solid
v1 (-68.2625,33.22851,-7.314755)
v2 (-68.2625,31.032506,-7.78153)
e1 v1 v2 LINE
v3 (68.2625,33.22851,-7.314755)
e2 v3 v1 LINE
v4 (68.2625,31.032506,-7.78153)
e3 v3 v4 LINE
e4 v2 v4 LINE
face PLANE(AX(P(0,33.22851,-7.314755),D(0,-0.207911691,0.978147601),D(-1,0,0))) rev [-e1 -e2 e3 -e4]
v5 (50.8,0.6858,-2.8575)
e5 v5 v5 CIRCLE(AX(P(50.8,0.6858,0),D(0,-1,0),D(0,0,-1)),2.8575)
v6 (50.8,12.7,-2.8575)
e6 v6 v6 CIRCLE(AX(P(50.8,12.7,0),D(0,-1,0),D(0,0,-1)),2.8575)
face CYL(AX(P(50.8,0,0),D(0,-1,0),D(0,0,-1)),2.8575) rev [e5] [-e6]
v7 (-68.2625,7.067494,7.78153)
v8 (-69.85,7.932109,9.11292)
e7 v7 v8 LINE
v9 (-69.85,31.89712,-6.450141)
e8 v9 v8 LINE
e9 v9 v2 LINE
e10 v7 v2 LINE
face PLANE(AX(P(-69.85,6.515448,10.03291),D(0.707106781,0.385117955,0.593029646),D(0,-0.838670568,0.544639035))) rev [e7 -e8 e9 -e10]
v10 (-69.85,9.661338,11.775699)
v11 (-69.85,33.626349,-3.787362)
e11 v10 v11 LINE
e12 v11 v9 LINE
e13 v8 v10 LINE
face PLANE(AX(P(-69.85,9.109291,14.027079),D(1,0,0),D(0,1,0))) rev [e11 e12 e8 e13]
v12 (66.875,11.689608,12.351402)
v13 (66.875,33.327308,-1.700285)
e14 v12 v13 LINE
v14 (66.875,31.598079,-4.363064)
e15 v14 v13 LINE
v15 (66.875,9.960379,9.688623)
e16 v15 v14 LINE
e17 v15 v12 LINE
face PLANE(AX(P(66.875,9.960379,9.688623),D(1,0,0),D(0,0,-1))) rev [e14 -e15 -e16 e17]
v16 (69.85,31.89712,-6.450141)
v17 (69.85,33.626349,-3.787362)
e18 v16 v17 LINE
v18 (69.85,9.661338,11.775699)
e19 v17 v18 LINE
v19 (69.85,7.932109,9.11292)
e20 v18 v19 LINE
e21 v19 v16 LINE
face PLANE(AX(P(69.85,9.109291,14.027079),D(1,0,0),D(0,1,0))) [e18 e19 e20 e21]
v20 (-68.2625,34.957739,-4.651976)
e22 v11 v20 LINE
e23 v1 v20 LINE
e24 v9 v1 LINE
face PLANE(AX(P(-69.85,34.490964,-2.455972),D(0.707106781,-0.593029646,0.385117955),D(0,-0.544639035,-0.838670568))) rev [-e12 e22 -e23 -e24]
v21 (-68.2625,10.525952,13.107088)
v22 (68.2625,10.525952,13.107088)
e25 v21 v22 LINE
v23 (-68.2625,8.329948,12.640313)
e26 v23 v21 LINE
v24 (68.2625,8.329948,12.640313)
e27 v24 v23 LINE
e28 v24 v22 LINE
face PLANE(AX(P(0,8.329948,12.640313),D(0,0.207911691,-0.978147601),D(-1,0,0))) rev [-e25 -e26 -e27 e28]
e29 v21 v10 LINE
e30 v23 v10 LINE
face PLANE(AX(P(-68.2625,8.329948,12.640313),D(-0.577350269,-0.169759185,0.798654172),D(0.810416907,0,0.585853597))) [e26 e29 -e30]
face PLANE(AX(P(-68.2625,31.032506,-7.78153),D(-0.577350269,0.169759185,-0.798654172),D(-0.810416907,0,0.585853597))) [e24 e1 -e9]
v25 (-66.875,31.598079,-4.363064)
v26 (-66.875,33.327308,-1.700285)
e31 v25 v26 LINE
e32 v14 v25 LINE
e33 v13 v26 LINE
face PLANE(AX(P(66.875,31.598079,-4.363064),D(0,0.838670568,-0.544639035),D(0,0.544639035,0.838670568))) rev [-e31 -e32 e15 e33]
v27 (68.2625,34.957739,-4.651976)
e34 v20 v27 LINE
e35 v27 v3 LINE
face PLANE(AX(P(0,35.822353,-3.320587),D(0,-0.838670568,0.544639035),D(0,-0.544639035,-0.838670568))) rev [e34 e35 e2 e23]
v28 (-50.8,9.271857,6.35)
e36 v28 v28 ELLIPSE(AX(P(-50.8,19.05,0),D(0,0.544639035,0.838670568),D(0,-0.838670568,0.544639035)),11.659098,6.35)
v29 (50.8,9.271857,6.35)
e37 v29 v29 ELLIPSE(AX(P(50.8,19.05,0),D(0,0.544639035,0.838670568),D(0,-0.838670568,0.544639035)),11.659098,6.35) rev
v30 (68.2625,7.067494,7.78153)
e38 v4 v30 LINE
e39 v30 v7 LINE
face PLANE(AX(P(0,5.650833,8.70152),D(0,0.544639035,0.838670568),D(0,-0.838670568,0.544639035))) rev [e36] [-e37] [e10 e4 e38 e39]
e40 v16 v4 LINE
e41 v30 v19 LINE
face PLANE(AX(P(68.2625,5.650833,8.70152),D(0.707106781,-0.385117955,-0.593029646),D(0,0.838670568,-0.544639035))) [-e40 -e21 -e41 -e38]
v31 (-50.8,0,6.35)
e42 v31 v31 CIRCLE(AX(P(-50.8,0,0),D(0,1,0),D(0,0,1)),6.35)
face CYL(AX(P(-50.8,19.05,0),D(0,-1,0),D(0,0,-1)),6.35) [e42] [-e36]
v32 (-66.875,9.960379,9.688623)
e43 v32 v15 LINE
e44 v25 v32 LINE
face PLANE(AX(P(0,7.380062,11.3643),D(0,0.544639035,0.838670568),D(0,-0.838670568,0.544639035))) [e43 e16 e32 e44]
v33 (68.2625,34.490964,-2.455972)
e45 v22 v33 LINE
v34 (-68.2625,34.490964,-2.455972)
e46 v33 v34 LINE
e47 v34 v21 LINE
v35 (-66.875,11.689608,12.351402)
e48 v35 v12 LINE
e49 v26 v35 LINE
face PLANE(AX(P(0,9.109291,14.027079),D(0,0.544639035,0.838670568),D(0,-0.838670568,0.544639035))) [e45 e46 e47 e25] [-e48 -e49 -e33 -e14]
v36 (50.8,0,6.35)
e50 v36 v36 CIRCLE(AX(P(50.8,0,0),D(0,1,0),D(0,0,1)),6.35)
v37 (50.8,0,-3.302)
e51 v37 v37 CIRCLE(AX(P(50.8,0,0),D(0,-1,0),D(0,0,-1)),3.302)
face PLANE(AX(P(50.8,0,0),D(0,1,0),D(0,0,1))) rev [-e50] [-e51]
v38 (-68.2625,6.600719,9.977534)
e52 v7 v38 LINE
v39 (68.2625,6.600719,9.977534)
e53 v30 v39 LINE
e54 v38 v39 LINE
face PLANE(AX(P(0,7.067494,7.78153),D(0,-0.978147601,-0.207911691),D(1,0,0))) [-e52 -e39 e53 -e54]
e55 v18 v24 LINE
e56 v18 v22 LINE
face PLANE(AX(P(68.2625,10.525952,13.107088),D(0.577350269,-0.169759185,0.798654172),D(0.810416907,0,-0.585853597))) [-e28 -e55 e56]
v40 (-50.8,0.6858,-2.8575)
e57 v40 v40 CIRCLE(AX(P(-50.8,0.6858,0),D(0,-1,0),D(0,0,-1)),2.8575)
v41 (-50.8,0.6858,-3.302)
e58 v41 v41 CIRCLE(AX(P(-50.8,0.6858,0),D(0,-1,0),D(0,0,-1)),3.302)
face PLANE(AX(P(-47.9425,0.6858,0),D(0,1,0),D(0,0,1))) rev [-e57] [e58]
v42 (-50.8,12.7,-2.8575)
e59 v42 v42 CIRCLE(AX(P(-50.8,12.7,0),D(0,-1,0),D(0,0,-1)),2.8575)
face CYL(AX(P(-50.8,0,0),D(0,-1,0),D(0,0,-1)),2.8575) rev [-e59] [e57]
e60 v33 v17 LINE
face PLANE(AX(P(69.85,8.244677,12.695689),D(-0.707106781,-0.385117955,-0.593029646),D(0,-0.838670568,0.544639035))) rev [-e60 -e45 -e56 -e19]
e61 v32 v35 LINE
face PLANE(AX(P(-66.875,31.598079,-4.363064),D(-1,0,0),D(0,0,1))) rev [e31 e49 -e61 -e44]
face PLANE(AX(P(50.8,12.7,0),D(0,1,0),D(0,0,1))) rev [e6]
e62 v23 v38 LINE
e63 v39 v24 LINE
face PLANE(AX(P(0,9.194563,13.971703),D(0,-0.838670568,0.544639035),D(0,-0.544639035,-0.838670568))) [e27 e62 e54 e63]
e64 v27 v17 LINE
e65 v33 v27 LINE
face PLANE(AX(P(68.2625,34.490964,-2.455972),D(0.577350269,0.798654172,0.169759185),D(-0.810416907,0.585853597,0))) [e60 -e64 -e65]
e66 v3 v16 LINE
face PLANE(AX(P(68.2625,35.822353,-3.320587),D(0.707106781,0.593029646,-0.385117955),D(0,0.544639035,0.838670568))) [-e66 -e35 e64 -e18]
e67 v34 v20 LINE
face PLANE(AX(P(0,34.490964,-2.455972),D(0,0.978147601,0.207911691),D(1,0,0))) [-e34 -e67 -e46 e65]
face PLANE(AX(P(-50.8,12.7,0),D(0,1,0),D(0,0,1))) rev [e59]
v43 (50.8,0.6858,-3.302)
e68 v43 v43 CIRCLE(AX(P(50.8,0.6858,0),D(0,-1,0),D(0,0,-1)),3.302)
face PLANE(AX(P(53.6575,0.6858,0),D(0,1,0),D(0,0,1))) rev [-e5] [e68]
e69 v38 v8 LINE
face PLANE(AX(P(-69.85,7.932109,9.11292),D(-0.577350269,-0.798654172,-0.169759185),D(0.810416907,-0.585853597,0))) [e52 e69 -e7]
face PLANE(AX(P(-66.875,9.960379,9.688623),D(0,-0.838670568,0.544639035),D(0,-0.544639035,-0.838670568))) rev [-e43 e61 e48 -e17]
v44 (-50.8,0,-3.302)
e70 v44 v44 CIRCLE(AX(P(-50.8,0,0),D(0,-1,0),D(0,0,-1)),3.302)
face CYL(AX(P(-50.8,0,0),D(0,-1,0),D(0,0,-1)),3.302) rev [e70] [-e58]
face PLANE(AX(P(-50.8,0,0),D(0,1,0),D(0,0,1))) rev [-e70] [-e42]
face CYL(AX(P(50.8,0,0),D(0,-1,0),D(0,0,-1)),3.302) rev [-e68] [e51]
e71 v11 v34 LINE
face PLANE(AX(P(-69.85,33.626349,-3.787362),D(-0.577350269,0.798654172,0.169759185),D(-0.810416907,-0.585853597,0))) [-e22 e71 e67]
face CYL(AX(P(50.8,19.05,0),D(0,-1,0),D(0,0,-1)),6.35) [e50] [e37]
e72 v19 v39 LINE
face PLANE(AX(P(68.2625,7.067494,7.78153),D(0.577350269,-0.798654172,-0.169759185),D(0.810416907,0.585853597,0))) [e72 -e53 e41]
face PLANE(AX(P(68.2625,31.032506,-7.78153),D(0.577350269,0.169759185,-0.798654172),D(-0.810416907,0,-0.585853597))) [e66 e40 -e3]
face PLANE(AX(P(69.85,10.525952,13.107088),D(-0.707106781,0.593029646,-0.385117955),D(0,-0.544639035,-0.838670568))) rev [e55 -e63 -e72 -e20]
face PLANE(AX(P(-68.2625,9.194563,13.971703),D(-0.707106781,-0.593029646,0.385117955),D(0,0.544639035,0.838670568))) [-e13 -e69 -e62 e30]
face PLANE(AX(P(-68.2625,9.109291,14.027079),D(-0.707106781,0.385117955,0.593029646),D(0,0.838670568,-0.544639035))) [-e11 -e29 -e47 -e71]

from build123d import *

# Parameters (mm, degrees)
SKETCH2_R             = 6.35
BOSS_EXTRUDE1_DEPTH   = 19.05
BOSS_EXTRUDE1_2_DEPTH = 19.05
SKETCH3_W             = 139.7
SKETCH3_H             = 31.75
BOSS_EXTRUDE2_DEPTH   = 6.35
BOSS_EXTRUDE3_REACH   = 75.737
SKETCH9_W             = 133.75
SKETCH9_H             = 25.8
CUT_EXTRUDE1_DEPTH    = 3.175
CHAMFER2_SIZE         = 1.5875
HOLE1_D               = 5.715
HOLE1_DEPTH           = 12.7
HOLE1_CBORE_D         = 6.604
HOLE1_CBORE_DEPTH     = 0.6858


with BuildPart() as part:
    # Sketch2 → Boss-Extrude1 (new body)
    with BuildSketch(Plane(origin=(0, 0, 0), x_dir=(1, 0, 0), z_dir=(0, 1, 0))):
        with Locations((-50.8, 0)):
            Circle(SKETCH2_R)
    extrude(amount=BOSS_EXTRUDE1_DEPTH)



with BuildPart() as body_2:
    # Sketch2 → Boss-Extrude1 2 (new body)
    with BuildSketch(Plane(origin=(0, 0, 0), x_dir=(1, 0, 0), z_dir=(0, 1, 0))):
        with Locations((50.8, 0)):
            Circle(SKETCH2_R)
    extrude(amount=BOSS_EXTRUDE1_2_DEPTH)


with BuildPart() as part_1:
    add(part.part)

    add(body_2.part)  # Boss-Extrude2 merges body 2
    # Sketch3 → Boss-Extrude2 (add)
    with BuildSketch(Plane(origin=(0, 5.650833475, 8.701520484), x_dir=(-1, 0, 0), z_dir=(0, 0.5446390350150281, 0.8386705679454234))):
        with Locations((0, -15.976674319)):
            Rectangle(SKETCH3_W, SKETCH3_H)
    extrude(amount=BOSS_EXTRUDE2_DEPTH)

    # Sketch8 → Boss-Extrude3 (add, up to next)
    with BuildSketch(Plane(origin=(0, 19.05, 0), x_dir=(1, 0, 0), z_dir=(0, 1, 0)), mode=Mode.PRIVATE) as boss_extrude3_sk1:
        with BuildLine():
            ThreePointArc((57.15, 0), (50.8, 6.35), (44.45, 0))
            Line((44.45, 0), (57.15, 0))
        make_face()
    boss_extrude3_tool1 = extrude(boss_extrude3_sk1.sketch, amount=BOSS_EXTRUDE3_REACH, mode=Mode.PRIVATE) - part_1.part
    # Sketch8 → Boss-Extrude3 (add, up to next)
    with BuildSketch(Plane(origin=(0, 19.05, 0), x_dir=(1, 0, 0), z_dir=(0, 1, 0)), mode=Mode.PRIVATE) as boss_extrude3_sk2:
        with BuildLine():
            ThreePointArc((-44.45, 0), (-50.8, 6.35), (-57.15, 0))
            Line((-57.15, 0), (-44.45, 0))
        make_face()
    boss_extrude3_tool2 = extrude(boss_extrude3_sk2.sketch, amount=BOSS_EXTRUDE3_REACH, mode=Mode.PRIVATE) - part_1.part
    add(boss_extrude3_tool1.solids().sort_by_distance((50.8, 19.05, -2.695024))[0])
    add(boss_extrude3_tool2.solids().sort_by_distance((-50.8, 19.05, -2.695024))[0])

    # Sketch9 → Cut-Extrude1 (cut)
    with BuildSketch(Plane(origin=(0, 9.109291347, 14.02707859), x_dir=(1, 0, 0), z_dir=(0, 0.5446390350150282, 0.8386705679454234))):
        with Locations((0, 15.976674319)):
            Rectangle(SKETCH9_W, SKETCH9_H)
    extrude(amount=-CUT_EXTRUDE1_DEPTH, mode=Mode.SUBTRACT)

    # Chamfer2
    chamfer2_edges = [part_1.edges().sort_by_distance(p)[0] for p in [
        (-69.85, 19.05, 0),
        (0, 32.363895266, -8.646144681),
        (69.85, 19.05, 0),
        (0, 5.736104734, 8.646144681),
        (0, 9.194562606, 13.971702787),
        (-69.85, 7.46533367, 11.308923734),
        (-69.85, 22.508457872, 5.325558106),
        (69.85, 7.46533367, 11.308923734),
        (69.85, 22.508457872, 5.325558106),
        (69.85, 34.093124202, -5.983365628),
        (0, 35.822353138, -3.320586574),
        (-69.85, 34.093124202, -5.983365628),
    ]]
    chamfer(chamfer2_edges, length=CHAMFER2_SIZE)

    # Hole1
    with Locations(Plane(origin=(-50.8, 0, 0), x_dir=(0, 0, -1), z_dir=(0, -1, 0))):
        with Locations((0, 0), (0, 101.6)):
            CounterBoreHole(HOLE1_D / 2, HOLE1_CBORE_D / 2, HOLE1_CBORE_DEPTH, depth=HOLE1_DEPTH)


solid = part_1.part
